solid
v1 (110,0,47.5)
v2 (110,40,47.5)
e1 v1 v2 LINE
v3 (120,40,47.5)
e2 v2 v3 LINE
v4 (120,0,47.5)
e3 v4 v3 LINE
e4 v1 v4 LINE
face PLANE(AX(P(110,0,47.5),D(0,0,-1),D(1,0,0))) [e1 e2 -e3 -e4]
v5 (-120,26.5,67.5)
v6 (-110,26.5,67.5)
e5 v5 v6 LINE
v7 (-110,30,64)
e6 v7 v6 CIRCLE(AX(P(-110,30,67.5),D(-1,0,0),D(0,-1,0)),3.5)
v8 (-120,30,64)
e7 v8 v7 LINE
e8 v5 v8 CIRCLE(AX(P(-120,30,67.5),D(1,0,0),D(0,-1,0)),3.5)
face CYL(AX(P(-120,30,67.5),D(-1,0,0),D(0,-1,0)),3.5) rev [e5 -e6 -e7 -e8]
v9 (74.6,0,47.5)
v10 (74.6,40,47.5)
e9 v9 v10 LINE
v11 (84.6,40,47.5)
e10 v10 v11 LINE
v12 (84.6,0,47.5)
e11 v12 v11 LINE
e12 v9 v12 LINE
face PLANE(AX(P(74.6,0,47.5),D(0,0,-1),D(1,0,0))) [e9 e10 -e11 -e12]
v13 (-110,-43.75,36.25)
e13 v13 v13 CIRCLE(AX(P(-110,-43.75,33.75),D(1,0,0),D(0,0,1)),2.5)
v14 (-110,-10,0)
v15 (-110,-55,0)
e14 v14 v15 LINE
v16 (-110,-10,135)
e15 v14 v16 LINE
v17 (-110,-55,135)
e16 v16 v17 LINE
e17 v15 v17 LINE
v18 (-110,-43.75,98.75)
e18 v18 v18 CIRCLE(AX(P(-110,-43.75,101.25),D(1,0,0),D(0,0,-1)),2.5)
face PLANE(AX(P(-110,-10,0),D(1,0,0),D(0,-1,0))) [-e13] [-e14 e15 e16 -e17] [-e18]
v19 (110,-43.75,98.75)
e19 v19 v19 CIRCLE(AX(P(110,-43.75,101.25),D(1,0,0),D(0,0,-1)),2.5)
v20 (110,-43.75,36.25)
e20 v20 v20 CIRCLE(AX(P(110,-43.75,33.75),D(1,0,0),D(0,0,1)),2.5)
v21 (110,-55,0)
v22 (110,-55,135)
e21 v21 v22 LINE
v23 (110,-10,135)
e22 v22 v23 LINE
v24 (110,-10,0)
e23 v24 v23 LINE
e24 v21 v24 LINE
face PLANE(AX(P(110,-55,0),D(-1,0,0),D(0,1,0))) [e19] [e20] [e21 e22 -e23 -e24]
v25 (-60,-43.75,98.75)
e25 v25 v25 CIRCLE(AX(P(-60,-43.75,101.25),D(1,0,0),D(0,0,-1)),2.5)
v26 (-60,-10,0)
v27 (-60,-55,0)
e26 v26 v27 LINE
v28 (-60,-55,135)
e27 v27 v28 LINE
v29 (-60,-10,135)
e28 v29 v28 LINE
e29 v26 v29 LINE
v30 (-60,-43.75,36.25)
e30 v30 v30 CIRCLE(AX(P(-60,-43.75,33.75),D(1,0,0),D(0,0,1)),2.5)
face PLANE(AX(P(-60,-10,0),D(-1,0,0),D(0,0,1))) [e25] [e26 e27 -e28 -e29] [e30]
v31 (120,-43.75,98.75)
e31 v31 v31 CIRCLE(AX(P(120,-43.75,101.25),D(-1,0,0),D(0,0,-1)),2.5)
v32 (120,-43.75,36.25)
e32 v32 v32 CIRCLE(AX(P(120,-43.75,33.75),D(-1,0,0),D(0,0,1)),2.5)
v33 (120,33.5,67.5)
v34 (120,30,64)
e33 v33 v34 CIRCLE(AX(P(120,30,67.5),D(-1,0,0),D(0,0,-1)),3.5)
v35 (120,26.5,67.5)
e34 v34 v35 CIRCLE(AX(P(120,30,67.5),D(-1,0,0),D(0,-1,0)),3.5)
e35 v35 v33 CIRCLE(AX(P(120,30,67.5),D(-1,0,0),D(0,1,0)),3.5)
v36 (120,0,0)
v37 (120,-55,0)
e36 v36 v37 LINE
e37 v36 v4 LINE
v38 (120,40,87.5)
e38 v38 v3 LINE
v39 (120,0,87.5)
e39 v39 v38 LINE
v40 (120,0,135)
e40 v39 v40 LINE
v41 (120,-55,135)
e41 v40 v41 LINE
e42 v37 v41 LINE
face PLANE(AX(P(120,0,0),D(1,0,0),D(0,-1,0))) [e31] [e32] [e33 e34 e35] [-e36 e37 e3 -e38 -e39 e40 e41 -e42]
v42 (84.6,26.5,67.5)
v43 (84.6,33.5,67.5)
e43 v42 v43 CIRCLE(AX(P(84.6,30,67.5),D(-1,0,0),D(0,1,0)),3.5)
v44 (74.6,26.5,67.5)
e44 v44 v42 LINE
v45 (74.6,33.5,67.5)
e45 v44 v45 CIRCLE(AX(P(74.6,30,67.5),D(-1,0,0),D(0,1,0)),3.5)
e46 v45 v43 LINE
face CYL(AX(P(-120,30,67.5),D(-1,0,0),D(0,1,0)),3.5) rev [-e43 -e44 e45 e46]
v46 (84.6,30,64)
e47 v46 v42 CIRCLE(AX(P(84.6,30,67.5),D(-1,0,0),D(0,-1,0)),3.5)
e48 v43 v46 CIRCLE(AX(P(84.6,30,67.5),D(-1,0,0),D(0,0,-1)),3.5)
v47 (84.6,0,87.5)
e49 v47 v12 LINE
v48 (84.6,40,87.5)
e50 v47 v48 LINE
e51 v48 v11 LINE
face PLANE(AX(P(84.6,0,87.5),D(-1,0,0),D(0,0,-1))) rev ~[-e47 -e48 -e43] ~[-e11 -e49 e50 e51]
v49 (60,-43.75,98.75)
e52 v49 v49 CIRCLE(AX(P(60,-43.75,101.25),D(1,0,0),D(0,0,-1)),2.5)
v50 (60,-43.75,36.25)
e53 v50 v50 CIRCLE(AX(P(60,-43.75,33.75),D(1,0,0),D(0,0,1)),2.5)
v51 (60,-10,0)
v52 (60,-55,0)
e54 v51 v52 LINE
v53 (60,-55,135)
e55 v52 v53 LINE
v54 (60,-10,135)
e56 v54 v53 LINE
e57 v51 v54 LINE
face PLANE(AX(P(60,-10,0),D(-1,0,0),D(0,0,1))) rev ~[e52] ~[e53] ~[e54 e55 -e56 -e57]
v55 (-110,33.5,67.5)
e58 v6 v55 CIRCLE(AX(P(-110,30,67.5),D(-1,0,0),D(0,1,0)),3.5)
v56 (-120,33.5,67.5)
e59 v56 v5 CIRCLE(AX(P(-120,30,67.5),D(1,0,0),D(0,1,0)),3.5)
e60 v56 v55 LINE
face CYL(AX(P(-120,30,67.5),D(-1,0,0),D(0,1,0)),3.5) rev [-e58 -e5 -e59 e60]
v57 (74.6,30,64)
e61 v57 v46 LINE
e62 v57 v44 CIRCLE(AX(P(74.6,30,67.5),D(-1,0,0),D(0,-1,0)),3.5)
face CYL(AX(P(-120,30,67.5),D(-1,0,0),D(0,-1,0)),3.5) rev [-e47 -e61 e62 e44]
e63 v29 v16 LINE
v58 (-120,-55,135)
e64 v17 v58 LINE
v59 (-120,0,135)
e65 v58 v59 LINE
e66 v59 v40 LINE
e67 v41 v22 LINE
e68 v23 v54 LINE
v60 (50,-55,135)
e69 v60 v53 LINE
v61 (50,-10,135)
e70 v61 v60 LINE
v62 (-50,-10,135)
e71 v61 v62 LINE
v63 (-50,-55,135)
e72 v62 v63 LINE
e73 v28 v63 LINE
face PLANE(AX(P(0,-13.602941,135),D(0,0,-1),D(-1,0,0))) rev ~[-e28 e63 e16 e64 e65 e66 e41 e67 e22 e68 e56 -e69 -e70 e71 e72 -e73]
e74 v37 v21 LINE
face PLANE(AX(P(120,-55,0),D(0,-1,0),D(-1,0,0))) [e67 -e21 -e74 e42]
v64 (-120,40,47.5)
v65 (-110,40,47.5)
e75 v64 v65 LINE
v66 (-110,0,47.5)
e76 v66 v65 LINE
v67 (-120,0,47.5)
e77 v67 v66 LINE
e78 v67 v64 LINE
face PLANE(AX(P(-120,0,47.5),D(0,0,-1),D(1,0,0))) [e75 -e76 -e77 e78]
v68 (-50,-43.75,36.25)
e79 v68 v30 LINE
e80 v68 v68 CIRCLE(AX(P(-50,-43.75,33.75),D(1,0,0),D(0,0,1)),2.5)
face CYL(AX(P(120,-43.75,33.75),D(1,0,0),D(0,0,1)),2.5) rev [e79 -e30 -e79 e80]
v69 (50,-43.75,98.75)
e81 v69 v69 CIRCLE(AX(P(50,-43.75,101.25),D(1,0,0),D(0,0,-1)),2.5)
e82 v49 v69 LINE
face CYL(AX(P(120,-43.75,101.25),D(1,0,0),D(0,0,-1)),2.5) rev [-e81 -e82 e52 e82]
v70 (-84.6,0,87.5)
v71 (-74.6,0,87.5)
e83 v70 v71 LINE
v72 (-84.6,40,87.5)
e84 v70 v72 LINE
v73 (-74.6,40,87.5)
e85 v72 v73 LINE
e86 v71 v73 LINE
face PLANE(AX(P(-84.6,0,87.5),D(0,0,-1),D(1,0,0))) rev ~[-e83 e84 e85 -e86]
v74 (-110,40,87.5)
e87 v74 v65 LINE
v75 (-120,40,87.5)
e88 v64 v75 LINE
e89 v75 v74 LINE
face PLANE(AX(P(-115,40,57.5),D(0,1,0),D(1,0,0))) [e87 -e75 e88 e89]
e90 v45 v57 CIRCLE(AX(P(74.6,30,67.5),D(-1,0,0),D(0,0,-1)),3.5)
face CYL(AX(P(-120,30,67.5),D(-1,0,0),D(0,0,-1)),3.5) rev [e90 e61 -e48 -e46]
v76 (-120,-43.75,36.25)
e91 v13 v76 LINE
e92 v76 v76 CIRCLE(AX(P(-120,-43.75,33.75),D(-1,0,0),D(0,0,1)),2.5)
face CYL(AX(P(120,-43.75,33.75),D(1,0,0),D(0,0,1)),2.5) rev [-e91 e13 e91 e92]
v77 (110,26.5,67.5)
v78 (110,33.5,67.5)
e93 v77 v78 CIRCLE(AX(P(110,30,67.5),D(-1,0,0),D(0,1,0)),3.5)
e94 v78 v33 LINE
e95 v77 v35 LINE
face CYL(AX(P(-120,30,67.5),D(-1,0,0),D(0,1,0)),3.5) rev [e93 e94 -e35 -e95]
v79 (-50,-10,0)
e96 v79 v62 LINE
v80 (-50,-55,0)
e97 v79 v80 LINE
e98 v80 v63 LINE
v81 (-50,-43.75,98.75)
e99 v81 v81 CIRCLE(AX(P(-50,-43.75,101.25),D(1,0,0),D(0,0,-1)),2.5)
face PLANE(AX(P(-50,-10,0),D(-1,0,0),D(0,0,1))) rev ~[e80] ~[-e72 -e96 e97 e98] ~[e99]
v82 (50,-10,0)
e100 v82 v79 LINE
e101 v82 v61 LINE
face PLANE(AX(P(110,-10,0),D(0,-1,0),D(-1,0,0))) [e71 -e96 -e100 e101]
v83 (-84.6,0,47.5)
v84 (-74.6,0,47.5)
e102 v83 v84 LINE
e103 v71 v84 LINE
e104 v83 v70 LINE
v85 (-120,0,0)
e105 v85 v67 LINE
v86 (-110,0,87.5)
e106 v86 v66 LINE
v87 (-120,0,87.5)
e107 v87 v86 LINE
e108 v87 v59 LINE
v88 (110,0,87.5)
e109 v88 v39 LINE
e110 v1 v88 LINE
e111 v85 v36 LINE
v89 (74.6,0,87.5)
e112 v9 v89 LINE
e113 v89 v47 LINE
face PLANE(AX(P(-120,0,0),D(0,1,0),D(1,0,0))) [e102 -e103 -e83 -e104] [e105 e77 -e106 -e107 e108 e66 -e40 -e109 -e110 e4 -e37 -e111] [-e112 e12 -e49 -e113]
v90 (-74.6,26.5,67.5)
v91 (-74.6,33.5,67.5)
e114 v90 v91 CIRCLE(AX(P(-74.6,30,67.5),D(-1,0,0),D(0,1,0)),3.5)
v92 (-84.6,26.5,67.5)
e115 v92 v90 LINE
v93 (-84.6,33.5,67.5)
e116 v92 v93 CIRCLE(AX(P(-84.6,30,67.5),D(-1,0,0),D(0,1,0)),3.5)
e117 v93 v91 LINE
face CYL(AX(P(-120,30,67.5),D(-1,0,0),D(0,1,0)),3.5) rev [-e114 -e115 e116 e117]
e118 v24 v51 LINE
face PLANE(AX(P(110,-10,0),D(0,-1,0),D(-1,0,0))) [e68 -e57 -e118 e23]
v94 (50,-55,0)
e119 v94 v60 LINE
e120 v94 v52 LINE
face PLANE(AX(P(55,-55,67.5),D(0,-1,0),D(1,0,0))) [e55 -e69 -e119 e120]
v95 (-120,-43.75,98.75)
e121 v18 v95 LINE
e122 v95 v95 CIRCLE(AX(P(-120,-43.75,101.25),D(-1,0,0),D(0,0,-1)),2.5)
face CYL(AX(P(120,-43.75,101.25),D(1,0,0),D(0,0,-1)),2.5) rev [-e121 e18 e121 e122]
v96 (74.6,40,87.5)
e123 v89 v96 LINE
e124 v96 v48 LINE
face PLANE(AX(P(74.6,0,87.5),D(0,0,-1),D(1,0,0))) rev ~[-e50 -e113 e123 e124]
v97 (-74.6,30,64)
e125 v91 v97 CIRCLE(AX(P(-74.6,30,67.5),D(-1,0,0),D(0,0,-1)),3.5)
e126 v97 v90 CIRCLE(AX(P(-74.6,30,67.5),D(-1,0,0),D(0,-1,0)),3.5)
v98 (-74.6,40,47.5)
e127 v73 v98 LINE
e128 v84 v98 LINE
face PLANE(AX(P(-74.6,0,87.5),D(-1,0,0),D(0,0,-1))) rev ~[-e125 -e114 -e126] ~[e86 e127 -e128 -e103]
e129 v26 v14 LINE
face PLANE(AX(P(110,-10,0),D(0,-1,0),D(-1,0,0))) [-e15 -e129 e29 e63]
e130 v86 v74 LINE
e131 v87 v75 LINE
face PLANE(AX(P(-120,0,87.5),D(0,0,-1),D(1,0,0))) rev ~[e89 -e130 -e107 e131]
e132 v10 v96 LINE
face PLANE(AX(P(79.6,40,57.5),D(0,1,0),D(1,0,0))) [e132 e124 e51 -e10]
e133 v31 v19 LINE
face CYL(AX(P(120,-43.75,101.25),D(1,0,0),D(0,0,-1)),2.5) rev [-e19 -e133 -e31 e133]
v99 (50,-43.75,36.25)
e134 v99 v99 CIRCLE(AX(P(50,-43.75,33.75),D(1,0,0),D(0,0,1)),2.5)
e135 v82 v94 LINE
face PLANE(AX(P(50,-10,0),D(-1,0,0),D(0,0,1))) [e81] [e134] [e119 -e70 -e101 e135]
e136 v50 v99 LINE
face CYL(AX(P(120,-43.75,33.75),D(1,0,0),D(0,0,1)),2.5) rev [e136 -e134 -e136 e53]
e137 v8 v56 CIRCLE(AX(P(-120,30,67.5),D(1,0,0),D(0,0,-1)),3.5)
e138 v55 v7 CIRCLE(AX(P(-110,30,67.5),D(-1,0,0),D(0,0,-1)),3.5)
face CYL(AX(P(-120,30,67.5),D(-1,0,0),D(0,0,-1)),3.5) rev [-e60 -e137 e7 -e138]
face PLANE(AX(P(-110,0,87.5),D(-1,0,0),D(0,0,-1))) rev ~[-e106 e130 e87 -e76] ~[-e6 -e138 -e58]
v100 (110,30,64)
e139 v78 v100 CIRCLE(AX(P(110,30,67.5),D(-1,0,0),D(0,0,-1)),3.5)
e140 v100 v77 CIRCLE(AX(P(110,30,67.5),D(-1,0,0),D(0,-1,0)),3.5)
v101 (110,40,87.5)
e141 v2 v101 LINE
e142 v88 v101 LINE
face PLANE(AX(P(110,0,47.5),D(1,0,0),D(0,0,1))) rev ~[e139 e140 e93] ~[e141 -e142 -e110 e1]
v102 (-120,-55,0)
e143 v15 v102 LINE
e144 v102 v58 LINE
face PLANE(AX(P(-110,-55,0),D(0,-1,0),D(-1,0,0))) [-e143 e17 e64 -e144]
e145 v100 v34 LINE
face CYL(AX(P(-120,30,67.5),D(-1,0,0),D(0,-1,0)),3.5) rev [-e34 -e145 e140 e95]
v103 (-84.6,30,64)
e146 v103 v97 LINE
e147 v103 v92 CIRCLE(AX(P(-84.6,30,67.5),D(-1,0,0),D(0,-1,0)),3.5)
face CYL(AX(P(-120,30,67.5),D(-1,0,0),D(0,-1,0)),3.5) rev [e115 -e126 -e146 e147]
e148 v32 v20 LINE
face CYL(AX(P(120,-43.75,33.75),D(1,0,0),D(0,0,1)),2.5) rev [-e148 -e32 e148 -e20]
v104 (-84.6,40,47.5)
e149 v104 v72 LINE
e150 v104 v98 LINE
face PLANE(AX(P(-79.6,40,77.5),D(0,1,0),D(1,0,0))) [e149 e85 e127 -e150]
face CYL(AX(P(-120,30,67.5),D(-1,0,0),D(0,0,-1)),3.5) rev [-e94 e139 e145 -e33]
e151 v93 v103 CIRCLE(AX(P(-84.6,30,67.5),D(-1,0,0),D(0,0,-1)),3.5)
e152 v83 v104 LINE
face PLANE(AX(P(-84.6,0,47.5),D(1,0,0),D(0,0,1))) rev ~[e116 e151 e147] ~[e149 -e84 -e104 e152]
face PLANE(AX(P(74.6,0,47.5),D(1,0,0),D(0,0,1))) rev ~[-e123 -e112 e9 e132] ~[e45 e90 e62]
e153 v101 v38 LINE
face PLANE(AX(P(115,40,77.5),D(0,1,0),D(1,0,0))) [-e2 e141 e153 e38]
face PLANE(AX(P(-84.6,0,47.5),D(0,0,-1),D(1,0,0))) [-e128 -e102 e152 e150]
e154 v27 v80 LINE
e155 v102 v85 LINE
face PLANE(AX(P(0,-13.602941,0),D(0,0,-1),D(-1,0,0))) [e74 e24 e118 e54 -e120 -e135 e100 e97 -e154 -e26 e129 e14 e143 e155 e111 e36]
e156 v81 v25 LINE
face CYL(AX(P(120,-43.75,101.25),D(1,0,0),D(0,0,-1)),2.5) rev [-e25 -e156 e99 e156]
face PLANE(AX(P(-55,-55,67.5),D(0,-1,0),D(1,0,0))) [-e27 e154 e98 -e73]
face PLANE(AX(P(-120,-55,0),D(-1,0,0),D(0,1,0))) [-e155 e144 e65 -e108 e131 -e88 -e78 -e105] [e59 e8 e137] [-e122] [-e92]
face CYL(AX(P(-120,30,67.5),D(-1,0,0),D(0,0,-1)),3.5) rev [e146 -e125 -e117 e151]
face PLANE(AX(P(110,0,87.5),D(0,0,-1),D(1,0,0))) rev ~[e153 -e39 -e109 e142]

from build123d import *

# Parameters (mm, degrees)
BOSS_EXTRUDE1_DEPTH     = 135
SKETCH3_W               = 10
SKETCH3_H               = 135
BOSS_EXTRUDE2_DEPTH     = 45
CUT_EXTRUDE1_DEPTH      = 230
CUT_EXTRUDE1_DEPTH_BACK = 10
SKETCH4_W               = 10
SKETCH4_H               = 20
BOSS_EXTRUDE3_DEPTH     = 40
CUT_EXTRUDE2_DEPTH      = 281.802421642
CUT_EXTRUDE2_DEPTH_BACK = 240


with BuildPart() as part:
    # Sketch1 → Boss-Extrude1 (new body)
    with BuildSketch(Plane.XY):
        Polygon((-120, 0), (120, 0), (120, -55), (110, -55), (110, -10), (-110, -10), (-110, -55), (-120, -55), align=None)
    extrude(amount=BOSS_EXTRUDE1_DEPTH)

    # Sketch3 → Boss-Extrude2 (add)
    with BuildSketch(Plane.XZ.offset(10)):
        with Locations((55, 67.5)):
            Rectangle(SKETCH3_W, SKETCH3_H)
        with Locations((-55, 67.5)):
            Rectangle(SKETCH3_W, SKETCH3_H)
    extrude(amount=BOSS_EXTRUDE2_DEPTH)

    # Sketch2 → Cut-Extrude1 (cut, two sides: drawn at the far end of the back side and taken through both)
    with BuildSketch(Plane.ZY.offset(-110).offset(-CUT_EXTRUDE1_DEPTH_BACK)):
        with BuildLine():
            ThreePointArc((31.25, -43.75), (33.75, -46.25), (36.25, -43.75))
            Line((36.25, -43.75), (33.75, -43.75))
            Line((33.75, -43.75), (31.25, -43.75))
        make_face()
        with BuildLine():
            Line((33.75, -43.75), (36.25, -43.75))
            ThreePointArc((36.25, -43.75), (33.75, -41.25), (31.25, -43.75))
            Line((31.25, -43.75), (33.75, -43.75))
        make_face()
        with BuildLine():
            Line((98.75, -43.75), (101.25, -43.75))
            Line((101.25, -43.75), (103.75, -43.75))
            ThreePointArc((103.75, -43.75), (101.25, -41.25), (98.75, -43.75))
        make_face()
        with BuildLine():
            Line((103.75, -43.75), (101.25, -43.75))
            Line((101.25, -43.75), (98.75, -43.75))
            ThreePointArc((98.75, -43.75), (101.25, -46.25), (103.75, -43.75))
        make_face()
    extrude(amount=CUT_EXTRUDE1_DEPTH + CUT_EXTRUDE1_DEPTH_BACK, mode=Mode.SUBTRACT)

    # Sketch4 → Boss-Extrude3 (add)
    with BuildSketch(Plane(origin=(0, 0, 0), x_dir=(1, 0, 0), z_dir=(0, 1, 0))):
        with Locations((-115, -57.5)):
            Rectangle(SKETCH4_W, SKETCH4_H)
        with Locations((-115, -77.5)):
            Rectangle(SKETCH4_W, SKETCH4_H)
        with Locations((-79.6, -77.5)):
            Rectangle(SKETCH4_W, SKETCH4_H)
        with Locations((-79.6, -57.5)):
            Rectangle(SKETCH4_W, SKETCH4_H)
        with Locations((79.6, -57.5)):
            Rectangle(SKETCH4_W, SKETCH4_H)
        with Locations((79.6, -77.5)):
            Rectangle(SKETCH4_W, SKETCH4_H)
        with Locations((115, -77.5)):
            Rectangle(SKETCH4_W, SKETCH4_H)
        with Locations((115, -57.5)):
            Rectangle(SKETCH4_W, SKETCH4_H)
    extrude(amount=BOSS_EXTRUDE3_DEPTH)

    # Sketch5 → Cut-Extrude2 (cut, two sides: drawn at the far end of the back side and taken through both)
    with BuildSketch(Plane(origin=(120, 0, 0), x_dir=(0, 0, -1), z_dir=(1, 0, 0)).offset(-CUT_EXTRUDE2_DEPTH_BACK)):
        with BuildLine():
            ThreePointArc((-67.5, 33.5), (-71, 30), (-67.5, 26.5))
            Line((-67.5, 26.5), (-67.5, 30))
            Line((-67.5, 30), (-67.5, 33.5))
        make_face()
        with BuildLine():
            Line((-67.5, 30), (-67.5, 26.5))
            ThreePointArc((-67.5, 26.5), (-65.025126266, 27.525126266), (-64, 30))
            ThreePointArc((-64, 30), (-65.025126266, 32.474873734), (-67.5, 33.5))
            Line((-67.5, 33.5), (-67.5, 30))
        make_face()
    extrude(amount=CUT_EXTRUDE2_DEPTH + CUT_EXTRUDE2_DEPTH_BACK, mode=Mode.SUBTRACT)


solid = part.part
